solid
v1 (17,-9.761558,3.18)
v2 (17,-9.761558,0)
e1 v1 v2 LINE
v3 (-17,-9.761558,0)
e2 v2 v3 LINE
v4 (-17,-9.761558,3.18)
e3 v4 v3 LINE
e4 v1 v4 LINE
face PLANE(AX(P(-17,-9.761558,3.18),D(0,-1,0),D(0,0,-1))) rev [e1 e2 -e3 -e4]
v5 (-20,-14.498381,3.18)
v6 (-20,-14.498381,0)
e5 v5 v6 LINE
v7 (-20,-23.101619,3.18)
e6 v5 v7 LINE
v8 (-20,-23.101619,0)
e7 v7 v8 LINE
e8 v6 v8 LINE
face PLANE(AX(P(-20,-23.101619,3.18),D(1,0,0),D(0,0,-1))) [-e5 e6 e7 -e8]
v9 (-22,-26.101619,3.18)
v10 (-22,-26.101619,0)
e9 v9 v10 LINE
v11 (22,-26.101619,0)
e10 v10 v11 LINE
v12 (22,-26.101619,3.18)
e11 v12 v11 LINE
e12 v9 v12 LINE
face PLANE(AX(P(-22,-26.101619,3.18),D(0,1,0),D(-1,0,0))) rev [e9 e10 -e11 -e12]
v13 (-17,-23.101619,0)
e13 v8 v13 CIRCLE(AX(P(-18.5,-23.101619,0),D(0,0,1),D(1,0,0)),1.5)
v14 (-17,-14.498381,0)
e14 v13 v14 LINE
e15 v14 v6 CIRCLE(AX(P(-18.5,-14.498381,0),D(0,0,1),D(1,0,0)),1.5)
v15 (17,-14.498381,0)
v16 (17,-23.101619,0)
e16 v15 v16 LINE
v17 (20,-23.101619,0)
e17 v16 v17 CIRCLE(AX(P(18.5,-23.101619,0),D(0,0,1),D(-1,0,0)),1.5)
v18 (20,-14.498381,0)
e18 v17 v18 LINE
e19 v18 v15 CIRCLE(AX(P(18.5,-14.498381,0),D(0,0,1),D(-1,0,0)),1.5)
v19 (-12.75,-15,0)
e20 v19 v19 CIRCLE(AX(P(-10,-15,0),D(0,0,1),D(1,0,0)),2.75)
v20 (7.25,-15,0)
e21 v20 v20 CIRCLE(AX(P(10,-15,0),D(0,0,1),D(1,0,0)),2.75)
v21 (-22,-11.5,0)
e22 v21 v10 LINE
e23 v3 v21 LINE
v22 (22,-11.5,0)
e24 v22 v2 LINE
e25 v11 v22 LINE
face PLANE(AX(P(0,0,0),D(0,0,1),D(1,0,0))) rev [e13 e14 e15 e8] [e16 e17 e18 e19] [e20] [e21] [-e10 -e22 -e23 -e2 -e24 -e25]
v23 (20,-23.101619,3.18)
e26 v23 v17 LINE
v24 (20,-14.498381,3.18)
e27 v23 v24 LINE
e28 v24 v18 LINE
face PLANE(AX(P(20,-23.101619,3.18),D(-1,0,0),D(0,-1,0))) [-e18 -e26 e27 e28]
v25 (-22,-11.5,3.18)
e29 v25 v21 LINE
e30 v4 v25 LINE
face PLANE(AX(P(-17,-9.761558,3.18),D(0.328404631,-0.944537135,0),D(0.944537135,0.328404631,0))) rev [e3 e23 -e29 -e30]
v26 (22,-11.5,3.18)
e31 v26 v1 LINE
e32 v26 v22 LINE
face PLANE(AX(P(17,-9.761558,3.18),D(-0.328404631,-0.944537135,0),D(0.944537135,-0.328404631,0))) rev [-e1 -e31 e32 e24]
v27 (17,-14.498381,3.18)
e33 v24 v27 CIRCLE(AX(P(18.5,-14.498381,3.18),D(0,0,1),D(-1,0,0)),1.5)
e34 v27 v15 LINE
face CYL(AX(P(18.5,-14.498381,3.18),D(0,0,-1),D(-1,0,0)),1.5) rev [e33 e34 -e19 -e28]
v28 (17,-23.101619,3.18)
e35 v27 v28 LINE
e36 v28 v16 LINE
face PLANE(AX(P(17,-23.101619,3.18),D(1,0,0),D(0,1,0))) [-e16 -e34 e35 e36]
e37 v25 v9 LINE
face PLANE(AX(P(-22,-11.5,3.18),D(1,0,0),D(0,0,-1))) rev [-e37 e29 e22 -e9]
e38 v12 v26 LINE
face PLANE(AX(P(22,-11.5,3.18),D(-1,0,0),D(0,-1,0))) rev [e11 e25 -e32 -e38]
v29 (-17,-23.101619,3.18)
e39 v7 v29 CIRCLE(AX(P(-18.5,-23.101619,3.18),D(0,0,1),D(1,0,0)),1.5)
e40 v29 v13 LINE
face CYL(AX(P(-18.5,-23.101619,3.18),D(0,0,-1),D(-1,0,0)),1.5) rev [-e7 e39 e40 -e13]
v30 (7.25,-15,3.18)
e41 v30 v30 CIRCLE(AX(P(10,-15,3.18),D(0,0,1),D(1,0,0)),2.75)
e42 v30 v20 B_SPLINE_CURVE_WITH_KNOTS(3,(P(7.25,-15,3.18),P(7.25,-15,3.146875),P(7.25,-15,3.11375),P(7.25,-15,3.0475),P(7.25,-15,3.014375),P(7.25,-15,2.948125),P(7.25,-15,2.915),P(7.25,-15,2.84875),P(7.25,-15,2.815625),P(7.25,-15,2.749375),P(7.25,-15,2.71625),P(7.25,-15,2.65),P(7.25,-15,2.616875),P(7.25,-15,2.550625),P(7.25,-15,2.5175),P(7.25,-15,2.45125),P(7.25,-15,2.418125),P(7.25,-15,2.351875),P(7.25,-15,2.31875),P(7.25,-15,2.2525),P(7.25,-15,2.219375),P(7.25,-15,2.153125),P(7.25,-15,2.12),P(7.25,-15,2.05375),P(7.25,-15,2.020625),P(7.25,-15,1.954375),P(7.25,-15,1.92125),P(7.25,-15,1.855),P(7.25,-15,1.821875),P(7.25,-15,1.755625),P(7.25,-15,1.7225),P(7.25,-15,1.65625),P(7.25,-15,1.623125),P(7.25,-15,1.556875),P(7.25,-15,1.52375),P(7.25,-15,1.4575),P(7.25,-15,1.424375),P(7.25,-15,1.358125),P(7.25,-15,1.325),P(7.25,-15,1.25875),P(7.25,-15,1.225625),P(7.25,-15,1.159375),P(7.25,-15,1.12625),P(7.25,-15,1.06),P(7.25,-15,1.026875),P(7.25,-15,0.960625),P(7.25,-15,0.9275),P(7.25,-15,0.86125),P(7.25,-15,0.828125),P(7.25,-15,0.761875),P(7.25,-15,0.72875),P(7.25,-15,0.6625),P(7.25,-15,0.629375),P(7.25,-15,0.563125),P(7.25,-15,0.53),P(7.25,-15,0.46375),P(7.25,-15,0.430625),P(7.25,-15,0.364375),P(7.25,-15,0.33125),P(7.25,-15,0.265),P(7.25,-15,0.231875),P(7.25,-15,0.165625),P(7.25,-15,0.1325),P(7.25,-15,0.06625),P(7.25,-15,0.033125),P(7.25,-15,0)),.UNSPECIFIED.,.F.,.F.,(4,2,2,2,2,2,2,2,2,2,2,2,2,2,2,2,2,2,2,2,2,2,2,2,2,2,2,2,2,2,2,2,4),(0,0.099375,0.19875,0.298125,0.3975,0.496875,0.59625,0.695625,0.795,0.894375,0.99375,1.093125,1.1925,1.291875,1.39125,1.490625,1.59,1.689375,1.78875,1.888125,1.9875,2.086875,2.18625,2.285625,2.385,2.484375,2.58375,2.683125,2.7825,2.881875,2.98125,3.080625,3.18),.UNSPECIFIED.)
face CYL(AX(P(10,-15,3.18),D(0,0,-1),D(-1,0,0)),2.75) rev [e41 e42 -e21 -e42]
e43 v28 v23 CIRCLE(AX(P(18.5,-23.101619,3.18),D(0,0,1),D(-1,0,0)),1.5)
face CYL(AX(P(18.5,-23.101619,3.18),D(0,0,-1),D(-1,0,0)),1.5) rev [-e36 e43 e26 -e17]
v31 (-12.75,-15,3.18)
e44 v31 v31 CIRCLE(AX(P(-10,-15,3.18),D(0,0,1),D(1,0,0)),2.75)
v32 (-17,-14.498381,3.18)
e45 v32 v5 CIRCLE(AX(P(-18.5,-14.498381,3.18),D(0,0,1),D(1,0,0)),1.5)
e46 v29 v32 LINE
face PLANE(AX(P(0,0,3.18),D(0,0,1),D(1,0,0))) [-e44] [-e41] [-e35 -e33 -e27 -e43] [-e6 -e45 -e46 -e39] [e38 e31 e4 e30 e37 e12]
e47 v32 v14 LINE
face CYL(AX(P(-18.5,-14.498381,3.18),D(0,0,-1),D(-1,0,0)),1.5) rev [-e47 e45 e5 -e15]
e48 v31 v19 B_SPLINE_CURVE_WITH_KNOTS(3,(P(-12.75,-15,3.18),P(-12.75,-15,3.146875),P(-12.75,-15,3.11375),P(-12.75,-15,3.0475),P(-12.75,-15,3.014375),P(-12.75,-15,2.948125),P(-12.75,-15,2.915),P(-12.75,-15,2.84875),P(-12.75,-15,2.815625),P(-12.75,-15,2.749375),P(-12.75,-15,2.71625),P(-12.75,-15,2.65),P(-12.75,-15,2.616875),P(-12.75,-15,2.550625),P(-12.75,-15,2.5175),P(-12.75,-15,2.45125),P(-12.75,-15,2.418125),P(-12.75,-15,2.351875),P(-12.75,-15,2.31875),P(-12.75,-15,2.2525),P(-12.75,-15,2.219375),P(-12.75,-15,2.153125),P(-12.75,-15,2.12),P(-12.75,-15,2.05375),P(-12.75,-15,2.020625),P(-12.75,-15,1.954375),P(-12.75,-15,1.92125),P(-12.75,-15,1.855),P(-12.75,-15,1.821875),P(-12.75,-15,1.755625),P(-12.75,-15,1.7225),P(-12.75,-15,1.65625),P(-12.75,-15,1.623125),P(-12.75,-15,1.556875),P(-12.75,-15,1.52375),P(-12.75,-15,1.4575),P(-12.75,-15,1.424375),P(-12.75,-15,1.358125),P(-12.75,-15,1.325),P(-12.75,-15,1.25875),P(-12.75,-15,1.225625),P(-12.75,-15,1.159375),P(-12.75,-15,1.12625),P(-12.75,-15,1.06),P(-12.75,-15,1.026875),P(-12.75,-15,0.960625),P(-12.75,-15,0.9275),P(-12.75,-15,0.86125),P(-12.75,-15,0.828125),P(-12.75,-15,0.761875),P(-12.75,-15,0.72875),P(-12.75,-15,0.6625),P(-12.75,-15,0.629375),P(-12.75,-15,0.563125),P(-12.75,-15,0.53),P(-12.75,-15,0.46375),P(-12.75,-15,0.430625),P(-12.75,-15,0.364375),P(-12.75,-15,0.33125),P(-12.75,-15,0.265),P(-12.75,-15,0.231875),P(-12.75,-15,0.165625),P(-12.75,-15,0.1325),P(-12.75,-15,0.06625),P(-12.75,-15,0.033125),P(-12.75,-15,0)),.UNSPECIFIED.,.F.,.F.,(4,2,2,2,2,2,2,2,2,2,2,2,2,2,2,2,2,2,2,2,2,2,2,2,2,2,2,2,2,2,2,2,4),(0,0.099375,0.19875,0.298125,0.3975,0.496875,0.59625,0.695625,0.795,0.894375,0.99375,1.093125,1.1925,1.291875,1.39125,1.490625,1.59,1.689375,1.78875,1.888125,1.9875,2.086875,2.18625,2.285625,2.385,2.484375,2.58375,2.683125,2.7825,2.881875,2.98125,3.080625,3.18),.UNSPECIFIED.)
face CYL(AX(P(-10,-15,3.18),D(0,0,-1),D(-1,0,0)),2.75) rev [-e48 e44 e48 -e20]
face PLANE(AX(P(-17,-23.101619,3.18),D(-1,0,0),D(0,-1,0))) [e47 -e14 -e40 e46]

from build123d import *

# Parameters (mm, degrees)
SKETCH1_R           = 2.75
BOSS_EXTRUDE1_DEPTH = 3.18


with BuildPart() as part:
    # Sketch1 → Boss-Extrude1 (new body)
    with BuildSketch(Plane.XY):
        Polygon((-22, -26.101619014), (22, -26.101619014), (22, -11.5), (17, -9.761557864), (-17, -9.761557864), (-22, -11.5), align=None)
        with Locations(Location((10, -15, 0), (0, 0, 180))):
            Circle(SKETCH1_R, mode=Mode.SUBTRACT)
        with Locations(Location((-10, -15, 0), (0, 0, 180))):
            Circle(SKETCH1_R, mode=Mode.SUBTRACT)
        with BuildLine():
            Line((20, -23.101619014), (20, -14.498380986))
            ThreePointArc((20, -14.498380986), (18.5, -12.998380986), (17, -14.498380986))
            Line((17, -14.498380986), (17, -23.101619014))
            ThreePointArc((17, -23.101619014), (18.5, -24.601619014), (20, -23.101619014))
        make_face(mode=Mode.SUBTRACT)
        with BuildLine():
            Line((-20, -23.101619014), (-20, -14.498380986))
            ThreePointArc((-20, -14.498380986), (-18.5, -12.998380986), (-17, -14.498380986))
            Line((-17, -14.498380986), (-17, -23.101619014))
            ThreePointArc((-17, -23.101619014), (-18.5, -24.601619014), (-20, -23.101619014))
        make_face(mode=Mode.SUBTRACT)
    extrude(amount=BOSS_EXTRUDE1_DEPTH)


solid = part.part
